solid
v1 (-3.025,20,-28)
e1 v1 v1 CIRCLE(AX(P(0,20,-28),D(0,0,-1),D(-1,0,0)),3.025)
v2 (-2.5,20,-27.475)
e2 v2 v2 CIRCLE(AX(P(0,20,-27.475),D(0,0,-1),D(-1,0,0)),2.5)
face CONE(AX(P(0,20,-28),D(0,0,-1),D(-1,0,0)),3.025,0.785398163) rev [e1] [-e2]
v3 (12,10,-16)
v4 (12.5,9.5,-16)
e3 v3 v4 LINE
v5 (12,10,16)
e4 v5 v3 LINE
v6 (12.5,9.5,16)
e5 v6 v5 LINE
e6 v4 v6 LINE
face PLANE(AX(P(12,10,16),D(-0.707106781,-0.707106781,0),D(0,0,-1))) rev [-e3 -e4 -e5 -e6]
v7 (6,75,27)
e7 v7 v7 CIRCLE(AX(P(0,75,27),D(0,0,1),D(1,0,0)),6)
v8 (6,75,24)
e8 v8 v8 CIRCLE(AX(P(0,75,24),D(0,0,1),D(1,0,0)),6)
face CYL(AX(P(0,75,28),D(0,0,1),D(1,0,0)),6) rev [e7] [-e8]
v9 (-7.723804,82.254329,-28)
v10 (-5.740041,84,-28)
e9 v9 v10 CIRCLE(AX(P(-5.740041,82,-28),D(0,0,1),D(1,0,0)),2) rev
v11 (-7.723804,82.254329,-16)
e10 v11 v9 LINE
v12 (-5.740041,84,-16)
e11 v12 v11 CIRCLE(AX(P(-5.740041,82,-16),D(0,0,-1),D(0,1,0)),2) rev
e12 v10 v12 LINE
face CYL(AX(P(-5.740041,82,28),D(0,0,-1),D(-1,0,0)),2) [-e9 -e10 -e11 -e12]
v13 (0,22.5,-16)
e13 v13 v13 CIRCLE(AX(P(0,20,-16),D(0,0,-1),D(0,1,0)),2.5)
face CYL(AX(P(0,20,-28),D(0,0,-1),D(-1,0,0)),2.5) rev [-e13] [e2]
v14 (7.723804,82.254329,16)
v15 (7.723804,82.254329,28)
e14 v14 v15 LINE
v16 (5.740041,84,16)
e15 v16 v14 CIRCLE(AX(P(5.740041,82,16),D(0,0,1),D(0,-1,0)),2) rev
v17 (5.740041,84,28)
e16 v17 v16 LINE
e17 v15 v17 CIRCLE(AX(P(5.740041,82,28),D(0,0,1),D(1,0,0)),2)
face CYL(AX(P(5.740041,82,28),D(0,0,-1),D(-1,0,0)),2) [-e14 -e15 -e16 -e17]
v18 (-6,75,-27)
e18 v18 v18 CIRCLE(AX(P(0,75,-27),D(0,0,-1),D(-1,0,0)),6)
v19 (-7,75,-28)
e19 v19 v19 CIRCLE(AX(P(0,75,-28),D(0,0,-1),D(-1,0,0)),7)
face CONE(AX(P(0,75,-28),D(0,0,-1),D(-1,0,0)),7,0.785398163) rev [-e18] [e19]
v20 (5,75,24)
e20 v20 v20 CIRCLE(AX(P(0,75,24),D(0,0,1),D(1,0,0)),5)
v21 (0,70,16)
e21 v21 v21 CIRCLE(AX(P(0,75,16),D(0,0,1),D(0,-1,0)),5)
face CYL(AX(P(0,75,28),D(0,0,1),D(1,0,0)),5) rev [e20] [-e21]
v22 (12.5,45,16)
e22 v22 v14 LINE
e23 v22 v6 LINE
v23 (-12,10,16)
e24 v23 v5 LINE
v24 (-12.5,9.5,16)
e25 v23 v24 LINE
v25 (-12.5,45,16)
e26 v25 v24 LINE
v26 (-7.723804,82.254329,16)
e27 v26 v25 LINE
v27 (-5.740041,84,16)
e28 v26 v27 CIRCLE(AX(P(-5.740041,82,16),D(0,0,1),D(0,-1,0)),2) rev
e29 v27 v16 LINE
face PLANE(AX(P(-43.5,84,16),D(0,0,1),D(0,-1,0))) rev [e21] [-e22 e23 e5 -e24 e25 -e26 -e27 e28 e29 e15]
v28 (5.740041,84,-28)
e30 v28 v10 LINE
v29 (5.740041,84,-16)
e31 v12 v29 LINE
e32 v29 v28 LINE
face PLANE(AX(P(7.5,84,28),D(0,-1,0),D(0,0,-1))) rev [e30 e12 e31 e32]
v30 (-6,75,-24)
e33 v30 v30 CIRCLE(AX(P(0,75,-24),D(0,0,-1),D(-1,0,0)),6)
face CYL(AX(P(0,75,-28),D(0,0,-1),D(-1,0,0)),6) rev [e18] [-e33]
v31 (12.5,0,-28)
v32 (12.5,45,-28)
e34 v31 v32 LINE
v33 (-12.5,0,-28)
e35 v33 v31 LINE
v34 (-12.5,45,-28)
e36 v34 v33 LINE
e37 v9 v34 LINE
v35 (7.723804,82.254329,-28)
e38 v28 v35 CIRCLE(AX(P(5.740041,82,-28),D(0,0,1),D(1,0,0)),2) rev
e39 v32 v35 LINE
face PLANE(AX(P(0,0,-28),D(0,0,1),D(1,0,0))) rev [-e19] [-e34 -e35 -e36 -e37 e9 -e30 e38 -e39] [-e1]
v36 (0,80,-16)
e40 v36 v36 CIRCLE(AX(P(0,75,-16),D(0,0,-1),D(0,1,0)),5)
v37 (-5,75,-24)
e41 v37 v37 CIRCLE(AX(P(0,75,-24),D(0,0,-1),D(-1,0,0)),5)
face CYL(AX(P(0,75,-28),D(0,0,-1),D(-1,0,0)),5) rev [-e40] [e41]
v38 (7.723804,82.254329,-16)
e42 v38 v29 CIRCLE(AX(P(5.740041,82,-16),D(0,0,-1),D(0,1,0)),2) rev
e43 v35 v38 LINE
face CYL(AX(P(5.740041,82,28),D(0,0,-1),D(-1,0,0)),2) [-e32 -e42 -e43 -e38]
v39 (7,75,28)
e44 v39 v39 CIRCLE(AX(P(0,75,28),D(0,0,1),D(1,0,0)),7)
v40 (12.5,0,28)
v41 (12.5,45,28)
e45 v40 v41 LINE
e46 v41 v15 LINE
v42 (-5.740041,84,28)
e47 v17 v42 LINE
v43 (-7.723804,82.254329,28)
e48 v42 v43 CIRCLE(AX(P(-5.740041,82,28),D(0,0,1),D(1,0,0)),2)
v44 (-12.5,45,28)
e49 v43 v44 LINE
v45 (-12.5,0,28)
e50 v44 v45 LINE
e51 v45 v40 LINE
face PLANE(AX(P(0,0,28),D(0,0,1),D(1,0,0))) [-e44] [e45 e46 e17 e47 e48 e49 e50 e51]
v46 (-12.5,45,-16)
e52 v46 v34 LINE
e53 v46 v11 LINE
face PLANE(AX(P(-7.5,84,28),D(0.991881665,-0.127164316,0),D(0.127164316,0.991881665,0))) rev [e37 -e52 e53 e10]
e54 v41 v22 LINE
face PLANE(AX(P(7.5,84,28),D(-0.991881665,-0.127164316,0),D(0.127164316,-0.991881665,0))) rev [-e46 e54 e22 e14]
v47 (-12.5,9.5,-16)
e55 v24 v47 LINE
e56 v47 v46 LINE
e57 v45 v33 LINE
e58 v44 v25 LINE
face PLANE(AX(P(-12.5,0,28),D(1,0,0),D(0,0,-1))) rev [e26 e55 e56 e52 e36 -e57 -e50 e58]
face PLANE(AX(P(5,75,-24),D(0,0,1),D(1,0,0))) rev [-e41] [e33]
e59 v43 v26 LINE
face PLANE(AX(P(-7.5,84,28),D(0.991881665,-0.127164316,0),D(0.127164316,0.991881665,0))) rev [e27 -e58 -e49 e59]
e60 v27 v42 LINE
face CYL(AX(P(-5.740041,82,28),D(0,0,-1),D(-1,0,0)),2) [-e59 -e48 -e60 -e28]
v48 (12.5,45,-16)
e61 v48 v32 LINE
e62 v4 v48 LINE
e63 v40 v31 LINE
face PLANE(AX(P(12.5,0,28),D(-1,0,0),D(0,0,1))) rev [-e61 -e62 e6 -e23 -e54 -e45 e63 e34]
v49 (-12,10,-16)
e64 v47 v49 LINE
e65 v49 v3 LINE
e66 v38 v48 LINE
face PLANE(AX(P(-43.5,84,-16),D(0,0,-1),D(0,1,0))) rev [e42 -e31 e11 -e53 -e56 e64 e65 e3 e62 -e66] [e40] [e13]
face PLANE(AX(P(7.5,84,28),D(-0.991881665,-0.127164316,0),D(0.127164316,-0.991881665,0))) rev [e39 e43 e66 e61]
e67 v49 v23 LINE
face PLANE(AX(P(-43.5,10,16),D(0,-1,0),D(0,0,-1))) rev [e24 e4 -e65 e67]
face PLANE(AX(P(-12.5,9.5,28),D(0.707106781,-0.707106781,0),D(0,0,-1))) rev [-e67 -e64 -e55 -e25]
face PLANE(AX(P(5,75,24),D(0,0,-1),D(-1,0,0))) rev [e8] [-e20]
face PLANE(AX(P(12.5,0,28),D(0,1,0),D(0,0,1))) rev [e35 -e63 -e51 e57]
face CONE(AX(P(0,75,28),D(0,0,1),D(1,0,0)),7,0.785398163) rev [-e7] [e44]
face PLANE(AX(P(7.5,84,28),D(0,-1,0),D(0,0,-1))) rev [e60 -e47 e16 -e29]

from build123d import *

# Parameters (mm, degrees)
BOSS_EXTRUDE1_DEPTH         = 28
SKETCH2_W                   = 32
SKETCH2_H                   = 74
CUT_EXTRUDE1_DEPTH          = 56
FILLET1_R                   = 2
CHAMFER1_SIZE               = 0.5
M6_TAPPED_HOLE2_D           = 5
M6_TAPPED_HOLE2_DEPTH       = 27
M6_TAPPED_HOLE2_CSINK_D     = 6.05
M6_TAPPED_HOLE2_CSINK_ANGLE = 90
M6_TAPPED_HOLE2_TIP         = 1.502151548


with BuildPart() as part:
    # Sketch1 → Boss-Extrude1 (new, symmetric)
    with BuildSketch(Plane.XY):
        Polygon((12.5, 0), (-12.5, 0), (-12.5, 45), (-7.5, 84), (7.5, 84), (12.5, 45), align=None)
    extrude(amount=BOSS_EXTRUDE1_DEPTH, both=True)

    # Sketch2 → Cut-Extrude1 (cut)
    with BuildSketch(Plane(origin=(12.5, 0, 0), x_dir=(0, 0, -1), z_dir=(1, 0, 0))):
        with Locations((0, 47)):
            Rectangle(SKETCH2_W, SKETCH2_H)
    extrude(amount=-CUT_EXTRUDE1_DEPTH, mode=Mode.SUBTRACT)

    # Sketch4 → CBORE for M4 Hex Socket Head Cap Screw1 (revolve, cut)
    with BuildSketch(Plane(origin=(0, 75, -28), x_dir=(0, 1, 0), z_dir=(1, 0, 0))):
        Polygon((0, 0), (0, 23.004303095), (5, 20), (5, 4), (6, 4), (6, 1), (7, 0), align=None)
    cbore_for_m4_hex_socket_head_cap_screw1 = revolve(axis=Axis((0, 75, -34.35), (0, 0, 1)), mode=Mode.SUBTRACT)

    # Mirror1: CBORE for M4 Hex Socket Head Cap Screw1 across plane
    add(cbore_for_m4_hex_socket_head_cap_screw1.mirror(Plane.XY), mode=Mode.SUBTRACT)

    # Fillet1
    fillet1_edges = [part.edges().sort_by_distance(p)[0] for p in [
        (-7.5, 84, 22),
        (7.5, 84, 22),
        (-7.5, 84, -22),
        (7.5, 84, -22),
    ]]
    fillet(fillet1_edges, radius=FILLET1_R)

    # Chamfer1
    chamfer1_edges = [part.edges().sort_by_distance(p)[0] for p in [
        (-12.5, 10, 0),
        (12.5, 10, 0),
    ]]
    chamfer(chamfer1_edges, length=CHAMFER1_SIZE)

    # M6 Tapped Hole2
    with Locations(Plane(origin=(0, 0, -28), x_dir=(-1, 0, 0), z_dir=(0, 0, -1))):
        with Locations((0, 20)):
            CounterSinkHole(M6_TAPPED_HOLE2_D / 2, M6_TAPPED_HOLE2_CSINK_D / 2, depth=M6_TAPPED_HOLE2_DEPTH, counter_sink_angle=M6_TAPPED_HOLE2_CSINK_ANGLE)
            with Locations((0, 0, -(M6_TAPPED_HOLE2_DEPTH + M6_TAPPED_HOLE2_TIP / 2))):  # 118° drill point
                Cone(0, M6_TAPPED_HOLE2_D / 2, M6_TAPPED_HOLE2_TIP, mode=Mode.SUBTRACT)


solid = part.part
